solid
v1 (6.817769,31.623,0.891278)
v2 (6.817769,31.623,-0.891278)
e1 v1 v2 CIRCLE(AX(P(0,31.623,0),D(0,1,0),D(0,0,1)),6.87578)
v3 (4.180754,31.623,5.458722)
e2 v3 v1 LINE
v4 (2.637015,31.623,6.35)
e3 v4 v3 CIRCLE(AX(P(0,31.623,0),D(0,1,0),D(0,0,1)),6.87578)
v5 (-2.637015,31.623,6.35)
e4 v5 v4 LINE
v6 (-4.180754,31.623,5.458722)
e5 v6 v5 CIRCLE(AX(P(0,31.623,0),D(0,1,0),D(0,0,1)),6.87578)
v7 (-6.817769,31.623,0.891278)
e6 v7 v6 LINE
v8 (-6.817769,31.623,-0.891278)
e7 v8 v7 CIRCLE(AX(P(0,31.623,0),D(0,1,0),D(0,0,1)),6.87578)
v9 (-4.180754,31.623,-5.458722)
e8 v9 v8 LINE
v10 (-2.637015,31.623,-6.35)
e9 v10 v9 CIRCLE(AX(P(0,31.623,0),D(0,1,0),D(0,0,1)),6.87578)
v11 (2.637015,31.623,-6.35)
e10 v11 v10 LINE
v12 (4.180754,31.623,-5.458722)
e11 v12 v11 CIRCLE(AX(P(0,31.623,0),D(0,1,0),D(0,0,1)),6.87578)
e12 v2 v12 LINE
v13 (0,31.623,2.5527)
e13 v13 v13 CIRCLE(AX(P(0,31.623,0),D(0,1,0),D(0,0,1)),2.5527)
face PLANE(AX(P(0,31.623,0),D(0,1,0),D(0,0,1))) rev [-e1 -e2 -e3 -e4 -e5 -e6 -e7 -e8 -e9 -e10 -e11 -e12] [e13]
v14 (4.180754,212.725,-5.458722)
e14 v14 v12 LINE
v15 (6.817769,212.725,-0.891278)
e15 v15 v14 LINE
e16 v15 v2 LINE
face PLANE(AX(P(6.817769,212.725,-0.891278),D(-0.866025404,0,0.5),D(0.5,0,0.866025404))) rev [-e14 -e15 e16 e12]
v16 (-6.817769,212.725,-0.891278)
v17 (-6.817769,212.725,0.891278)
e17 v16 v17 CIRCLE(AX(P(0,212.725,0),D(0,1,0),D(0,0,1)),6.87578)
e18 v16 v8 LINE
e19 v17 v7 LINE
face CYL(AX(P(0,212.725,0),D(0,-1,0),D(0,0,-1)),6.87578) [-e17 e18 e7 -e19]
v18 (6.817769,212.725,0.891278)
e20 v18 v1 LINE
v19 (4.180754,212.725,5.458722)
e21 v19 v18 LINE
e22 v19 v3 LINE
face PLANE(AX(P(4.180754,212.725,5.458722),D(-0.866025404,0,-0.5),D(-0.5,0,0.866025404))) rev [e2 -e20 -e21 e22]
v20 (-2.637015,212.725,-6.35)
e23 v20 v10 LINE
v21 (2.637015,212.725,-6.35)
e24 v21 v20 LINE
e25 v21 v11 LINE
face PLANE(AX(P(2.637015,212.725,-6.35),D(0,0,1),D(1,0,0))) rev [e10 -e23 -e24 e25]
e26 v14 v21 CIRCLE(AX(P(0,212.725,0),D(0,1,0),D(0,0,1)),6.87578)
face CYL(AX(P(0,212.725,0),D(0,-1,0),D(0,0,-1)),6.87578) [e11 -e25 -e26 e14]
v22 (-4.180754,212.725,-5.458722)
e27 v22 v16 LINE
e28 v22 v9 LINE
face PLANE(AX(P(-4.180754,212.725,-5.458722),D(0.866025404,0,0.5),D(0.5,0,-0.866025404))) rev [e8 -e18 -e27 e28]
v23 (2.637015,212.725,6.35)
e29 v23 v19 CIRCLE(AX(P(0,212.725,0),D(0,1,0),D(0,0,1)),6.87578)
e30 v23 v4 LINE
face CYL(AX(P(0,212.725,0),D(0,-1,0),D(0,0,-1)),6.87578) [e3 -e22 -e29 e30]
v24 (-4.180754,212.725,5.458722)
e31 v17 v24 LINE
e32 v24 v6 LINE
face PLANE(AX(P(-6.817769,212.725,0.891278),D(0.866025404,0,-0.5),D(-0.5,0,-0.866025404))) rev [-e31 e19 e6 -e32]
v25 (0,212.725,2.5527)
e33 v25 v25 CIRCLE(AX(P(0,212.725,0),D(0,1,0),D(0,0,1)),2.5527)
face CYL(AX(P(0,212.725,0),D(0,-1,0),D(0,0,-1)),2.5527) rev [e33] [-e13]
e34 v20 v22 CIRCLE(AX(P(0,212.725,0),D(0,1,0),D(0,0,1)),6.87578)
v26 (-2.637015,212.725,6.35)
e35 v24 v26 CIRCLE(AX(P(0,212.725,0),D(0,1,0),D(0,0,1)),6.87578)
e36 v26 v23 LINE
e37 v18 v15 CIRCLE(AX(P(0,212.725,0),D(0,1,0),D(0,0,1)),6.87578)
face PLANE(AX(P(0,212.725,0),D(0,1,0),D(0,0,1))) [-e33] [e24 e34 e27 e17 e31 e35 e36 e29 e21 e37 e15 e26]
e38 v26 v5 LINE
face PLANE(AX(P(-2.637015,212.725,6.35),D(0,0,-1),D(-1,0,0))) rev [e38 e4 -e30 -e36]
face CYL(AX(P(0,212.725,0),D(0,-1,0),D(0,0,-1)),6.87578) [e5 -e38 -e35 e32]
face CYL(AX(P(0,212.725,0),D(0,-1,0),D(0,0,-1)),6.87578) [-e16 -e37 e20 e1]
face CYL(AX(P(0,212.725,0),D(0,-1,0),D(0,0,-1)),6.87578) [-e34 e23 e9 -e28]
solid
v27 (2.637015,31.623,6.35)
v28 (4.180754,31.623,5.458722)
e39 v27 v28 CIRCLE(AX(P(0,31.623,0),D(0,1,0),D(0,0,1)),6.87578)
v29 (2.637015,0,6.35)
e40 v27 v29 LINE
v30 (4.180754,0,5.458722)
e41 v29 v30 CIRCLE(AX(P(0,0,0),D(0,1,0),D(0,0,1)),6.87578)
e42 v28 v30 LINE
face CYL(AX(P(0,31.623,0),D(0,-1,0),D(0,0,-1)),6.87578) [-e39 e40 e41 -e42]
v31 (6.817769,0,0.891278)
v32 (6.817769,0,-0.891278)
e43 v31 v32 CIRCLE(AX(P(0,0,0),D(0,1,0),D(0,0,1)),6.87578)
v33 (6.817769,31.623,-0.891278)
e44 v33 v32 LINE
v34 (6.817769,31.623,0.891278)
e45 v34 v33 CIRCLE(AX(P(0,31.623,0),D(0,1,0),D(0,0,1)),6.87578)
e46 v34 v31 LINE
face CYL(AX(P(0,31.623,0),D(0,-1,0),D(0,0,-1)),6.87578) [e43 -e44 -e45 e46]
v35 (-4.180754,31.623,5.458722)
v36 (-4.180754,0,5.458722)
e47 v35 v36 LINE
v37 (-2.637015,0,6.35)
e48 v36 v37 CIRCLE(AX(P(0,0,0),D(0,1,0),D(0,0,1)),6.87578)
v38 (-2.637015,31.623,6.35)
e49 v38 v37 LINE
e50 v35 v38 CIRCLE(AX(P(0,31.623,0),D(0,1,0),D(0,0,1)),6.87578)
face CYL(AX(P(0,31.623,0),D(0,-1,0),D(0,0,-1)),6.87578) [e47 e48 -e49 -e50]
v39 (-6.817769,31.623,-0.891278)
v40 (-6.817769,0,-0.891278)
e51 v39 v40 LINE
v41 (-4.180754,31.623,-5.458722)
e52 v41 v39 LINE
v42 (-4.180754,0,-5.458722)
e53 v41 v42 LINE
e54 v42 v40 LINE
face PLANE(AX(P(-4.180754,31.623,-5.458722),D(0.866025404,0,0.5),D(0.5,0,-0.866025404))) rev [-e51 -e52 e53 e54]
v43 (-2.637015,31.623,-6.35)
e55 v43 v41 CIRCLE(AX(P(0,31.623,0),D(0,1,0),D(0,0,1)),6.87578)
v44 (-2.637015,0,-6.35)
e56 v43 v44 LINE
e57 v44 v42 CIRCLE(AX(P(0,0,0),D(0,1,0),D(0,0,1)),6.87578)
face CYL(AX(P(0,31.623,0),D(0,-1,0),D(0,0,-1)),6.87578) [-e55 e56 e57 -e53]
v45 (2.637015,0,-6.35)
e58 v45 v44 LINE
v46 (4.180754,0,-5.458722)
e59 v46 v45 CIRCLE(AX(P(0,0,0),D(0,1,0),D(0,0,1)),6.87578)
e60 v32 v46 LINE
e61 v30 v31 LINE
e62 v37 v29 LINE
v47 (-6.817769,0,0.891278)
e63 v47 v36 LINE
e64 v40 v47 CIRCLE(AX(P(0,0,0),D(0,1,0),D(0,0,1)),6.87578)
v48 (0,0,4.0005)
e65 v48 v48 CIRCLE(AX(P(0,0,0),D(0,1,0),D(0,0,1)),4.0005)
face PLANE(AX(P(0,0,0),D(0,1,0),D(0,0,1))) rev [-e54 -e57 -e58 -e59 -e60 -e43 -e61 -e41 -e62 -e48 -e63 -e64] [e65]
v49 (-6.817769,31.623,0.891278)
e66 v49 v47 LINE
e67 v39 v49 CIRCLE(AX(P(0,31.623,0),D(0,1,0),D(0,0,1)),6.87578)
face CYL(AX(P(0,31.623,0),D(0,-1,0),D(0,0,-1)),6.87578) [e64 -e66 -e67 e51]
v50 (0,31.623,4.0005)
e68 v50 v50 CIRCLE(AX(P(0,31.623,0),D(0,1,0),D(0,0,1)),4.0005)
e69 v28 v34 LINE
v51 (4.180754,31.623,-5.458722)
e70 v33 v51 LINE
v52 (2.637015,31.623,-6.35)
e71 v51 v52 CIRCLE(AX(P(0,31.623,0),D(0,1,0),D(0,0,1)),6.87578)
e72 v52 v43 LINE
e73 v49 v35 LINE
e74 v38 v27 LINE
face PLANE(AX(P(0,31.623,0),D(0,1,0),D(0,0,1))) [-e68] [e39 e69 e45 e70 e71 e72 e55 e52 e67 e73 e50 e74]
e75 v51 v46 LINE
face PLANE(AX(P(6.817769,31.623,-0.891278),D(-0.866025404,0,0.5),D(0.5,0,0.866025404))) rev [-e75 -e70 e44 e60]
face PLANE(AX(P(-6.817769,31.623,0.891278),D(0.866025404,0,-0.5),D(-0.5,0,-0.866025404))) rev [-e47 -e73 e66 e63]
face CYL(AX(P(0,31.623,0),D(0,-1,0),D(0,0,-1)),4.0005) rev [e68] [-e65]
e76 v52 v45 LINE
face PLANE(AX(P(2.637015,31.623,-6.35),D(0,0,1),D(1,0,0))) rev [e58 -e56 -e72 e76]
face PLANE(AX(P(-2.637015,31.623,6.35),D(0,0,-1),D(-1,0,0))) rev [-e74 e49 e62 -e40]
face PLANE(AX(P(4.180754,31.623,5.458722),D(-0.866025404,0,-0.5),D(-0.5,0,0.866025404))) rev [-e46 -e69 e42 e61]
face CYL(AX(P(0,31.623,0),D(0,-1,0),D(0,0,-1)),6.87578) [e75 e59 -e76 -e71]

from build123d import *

# Parameters (mm, degrees)
SKETCH1_R           = 4.0005
BOSS_EXTRUDE1_DEPTH = 31.623
SKETCH2_R           = 2.5527
BOSS_EXTRUDE2_DEPTH = 181.102


with BuildPart() as part:
    # Sketch1 → Boss-Extrude1 (new body)
    with BuildSketch(Plane(origin=(0, 0, 0), x_dir=(1, 0, 0), z_dir=(0, 1, 0))):
        with BuildLine():
            Line((6.817769051, 0.89127761), (4.180753577, 5.45872239))
            ThreePointArc((4.180753577, 5.45872239), (3.43789, 5.954600151), (2.637015474, 6.35))
            Line((2.637015474, 6.35), (-2.637015474, 6.35))
            ThreePointArc((-2.637015474, 6.35), (-3.43789, 5.954600151), (-4.180753577, 5.45872239))
            Line((-4.180753577, 5.45872239), (-6.817769051, 0.89127761))
            ThreePointArc((-6.817769051, 0.89127761), (-6.87578, 0), (-6.817769051, -0.89127761))
            Line((-6.817769051, -0.89127761), (-4.180753577, -5.45872239))
            ThreePointArc((-4.180753577, -5.45872239), (-3.43789, -5.954600151), (-2.637015474, -6.35))
            Line((-2.637015474, -6.35), (2.637015474, -6.35))
            ThreePointArc((2.637015474, -6.35), (3.43789, -5.954600151), (4.180753577, -5.45872239))
            Line((4.180753577, -5.45872239), (6.817769051, -0.89127761))
            ThreePointArc((6.817769051, -0.89127761), (6.87578, 0), (6.817769051, 0.89127761))
        make_face()
        Circle(SKETCH1_R, mode=Mode.SUBTRACT)
    extrude(amount=BOSS_EXTRUDE1_DEPTH)


with BuildPart() as body_2:
    # Sketch2 → Boss-Extrude2 (new body)
    with BuildSketch(Plane(origin=(0, 31.623, 0), x_dir=(1, 0, 0), z_dir=(0, 1, 0))):
        with BuildLine():
            Line((2.637015474, 6.35), (-2.637015474, 6.35))
            ThreePointArc((-2.637015474, 6.35), (-3.43789, 5.954600151), (-4.180753577, 5.45872239))
            Line((-4.180753577, 5.45872239), (-6.817769051, 0.89127761))
            ThreePointArc((-6.817769051, 0.89127761), (-6.87578, 0), (-6.817769051, -0.89127761))
            Line((-6.817769051, -0.89127761), (-4.180753577, -5.45872239))
            ThreePointArc((-4.180753577, -5.45872239), (-3.43789, -5.954600151), (-2.637015474, -6.35))
            Line((-2.637015474, -6.35), (2.637015474, -6.35))
            ThreePointArc((2.637015474, -6.35), (3.43789, -5.954600151), (4.180753577, -5.45872239))
            Line((4.180753577, -5.45872239), (6.817769051, -0.89127761))
            ThreePointArc((6.817769051, -0.89127761), (6.87578, 0), (6.817769051, 0.89127761))
            Line((6.817769051, 0.89127761), (4.180753577, 5.45872239))
            ThreePointArc((4.180753577, 5.45872239), (3.43789, 5.954600151), (2.637015474, 6.35))
        make_face()
        Circle(SKETCH2_R, mode=Mode.SUBTRACT)
    extrude(amount=BOSS_EXTRUDE2_DEPTH)


solid = Compound([part.part, body_2.part])
